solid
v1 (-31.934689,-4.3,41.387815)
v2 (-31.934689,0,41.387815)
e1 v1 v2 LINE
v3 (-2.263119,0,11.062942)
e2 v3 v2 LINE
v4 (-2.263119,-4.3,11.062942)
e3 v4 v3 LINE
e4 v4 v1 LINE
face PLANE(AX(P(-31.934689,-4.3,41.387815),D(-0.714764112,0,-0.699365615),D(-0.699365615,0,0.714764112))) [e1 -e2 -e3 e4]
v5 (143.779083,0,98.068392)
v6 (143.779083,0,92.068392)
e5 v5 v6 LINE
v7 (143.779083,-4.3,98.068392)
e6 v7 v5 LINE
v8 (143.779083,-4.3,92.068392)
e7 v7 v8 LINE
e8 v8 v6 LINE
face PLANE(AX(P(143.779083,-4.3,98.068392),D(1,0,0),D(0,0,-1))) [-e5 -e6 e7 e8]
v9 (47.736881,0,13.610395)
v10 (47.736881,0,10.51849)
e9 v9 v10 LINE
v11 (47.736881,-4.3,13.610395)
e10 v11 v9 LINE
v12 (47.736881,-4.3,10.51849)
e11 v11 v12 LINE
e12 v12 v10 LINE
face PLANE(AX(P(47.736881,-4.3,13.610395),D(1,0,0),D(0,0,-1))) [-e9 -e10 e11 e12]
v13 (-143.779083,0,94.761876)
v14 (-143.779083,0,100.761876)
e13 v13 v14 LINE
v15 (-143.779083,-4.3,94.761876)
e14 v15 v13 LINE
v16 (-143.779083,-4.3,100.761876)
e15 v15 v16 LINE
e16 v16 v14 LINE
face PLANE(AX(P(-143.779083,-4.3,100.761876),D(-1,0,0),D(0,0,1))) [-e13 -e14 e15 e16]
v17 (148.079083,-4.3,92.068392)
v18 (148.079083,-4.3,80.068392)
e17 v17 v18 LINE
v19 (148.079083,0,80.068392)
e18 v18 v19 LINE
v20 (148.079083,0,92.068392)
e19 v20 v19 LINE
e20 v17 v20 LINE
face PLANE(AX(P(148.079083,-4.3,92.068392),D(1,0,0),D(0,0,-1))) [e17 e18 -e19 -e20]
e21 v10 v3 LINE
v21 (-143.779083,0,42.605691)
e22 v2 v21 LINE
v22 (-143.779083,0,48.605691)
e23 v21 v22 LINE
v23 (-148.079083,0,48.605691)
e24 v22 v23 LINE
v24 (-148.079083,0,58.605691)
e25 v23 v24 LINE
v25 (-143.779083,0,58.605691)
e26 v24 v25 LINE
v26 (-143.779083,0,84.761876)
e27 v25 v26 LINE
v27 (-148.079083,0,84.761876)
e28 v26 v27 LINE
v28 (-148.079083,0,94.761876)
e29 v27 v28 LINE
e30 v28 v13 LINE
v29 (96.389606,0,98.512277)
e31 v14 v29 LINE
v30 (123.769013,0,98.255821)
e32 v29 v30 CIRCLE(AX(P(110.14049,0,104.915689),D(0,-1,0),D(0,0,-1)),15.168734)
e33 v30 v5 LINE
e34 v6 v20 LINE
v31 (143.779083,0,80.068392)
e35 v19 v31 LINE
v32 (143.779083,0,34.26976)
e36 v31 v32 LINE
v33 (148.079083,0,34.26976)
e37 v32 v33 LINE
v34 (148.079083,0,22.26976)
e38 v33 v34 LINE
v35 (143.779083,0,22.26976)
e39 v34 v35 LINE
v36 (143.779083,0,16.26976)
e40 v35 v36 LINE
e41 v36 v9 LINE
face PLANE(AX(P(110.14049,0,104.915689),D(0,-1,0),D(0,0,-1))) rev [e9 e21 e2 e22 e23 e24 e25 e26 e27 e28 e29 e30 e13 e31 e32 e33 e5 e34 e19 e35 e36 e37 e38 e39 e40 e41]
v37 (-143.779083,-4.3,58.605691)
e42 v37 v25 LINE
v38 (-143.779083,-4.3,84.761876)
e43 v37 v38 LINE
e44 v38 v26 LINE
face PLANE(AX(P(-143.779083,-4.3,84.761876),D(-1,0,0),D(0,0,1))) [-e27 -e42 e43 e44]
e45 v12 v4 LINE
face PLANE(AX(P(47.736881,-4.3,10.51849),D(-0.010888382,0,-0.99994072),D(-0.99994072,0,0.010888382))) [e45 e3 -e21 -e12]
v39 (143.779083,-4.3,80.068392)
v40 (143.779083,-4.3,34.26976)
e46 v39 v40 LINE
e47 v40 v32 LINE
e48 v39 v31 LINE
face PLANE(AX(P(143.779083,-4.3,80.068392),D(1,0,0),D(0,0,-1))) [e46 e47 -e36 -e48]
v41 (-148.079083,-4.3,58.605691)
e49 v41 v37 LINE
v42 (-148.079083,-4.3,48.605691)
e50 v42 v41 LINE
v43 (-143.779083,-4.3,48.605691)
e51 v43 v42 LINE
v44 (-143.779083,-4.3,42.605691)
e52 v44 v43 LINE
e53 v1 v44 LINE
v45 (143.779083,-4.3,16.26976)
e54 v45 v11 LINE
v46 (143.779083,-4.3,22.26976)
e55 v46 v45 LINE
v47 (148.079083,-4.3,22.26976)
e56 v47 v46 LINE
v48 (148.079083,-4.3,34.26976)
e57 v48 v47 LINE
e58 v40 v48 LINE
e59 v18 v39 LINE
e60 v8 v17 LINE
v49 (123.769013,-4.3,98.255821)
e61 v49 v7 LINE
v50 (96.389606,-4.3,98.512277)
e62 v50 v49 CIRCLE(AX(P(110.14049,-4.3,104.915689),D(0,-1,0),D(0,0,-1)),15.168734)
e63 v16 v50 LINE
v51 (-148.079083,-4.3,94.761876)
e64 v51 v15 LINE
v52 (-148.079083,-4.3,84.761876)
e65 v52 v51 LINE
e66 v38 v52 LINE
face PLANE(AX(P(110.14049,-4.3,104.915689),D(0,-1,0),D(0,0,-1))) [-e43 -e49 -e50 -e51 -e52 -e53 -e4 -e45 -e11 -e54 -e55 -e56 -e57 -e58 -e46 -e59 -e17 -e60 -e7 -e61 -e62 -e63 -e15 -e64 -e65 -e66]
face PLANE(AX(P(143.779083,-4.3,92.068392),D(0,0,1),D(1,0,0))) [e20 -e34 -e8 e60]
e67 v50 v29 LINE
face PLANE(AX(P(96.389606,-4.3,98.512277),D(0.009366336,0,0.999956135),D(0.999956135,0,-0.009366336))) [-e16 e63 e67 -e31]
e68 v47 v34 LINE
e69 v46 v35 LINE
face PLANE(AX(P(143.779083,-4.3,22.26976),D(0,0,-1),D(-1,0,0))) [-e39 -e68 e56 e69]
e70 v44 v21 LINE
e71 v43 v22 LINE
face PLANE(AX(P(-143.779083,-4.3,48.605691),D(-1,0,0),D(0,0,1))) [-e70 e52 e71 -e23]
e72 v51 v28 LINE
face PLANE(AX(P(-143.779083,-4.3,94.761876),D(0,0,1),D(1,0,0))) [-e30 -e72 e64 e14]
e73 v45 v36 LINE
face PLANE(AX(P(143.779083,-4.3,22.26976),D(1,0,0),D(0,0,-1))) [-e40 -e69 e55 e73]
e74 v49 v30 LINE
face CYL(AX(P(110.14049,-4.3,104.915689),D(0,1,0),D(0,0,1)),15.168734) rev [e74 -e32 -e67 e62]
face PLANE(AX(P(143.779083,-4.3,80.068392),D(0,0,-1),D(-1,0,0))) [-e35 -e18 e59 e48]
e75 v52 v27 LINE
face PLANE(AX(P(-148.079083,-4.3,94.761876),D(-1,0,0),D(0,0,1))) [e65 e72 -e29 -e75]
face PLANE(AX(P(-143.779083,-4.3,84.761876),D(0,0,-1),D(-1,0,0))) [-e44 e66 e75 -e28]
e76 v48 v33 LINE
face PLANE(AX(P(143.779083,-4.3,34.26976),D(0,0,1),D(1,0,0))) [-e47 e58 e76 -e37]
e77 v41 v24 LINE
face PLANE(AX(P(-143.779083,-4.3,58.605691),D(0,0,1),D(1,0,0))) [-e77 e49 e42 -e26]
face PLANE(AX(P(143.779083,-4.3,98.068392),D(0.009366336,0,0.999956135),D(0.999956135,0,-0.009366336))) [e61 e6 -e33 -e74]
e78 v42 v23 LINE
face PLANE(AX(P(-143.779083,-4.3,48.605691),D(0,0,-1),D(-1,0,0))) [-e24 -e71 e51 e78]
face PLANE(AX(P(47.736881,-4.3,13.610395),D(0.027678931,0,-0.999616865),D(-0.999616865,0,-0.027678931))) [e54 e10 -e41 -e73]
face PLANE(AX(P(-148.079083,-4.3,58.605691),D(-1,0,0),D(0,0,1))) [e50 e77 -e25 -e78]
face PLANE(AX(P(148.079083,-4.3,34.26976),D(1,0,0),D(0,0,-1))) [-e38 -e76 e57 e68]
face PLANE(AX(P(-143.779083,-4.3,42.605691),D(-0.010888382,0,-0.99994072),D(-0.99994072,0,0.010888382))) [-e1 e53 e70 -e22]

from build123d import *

# Parameters (mm, degrees)
BOSS_EXTRUDE1_DEPTH = 4.3


with BuildPart() as part:
    # Sketch4 → Boss-Extrude1 (new body)
    with BuildSketch(Plane(origin=(0, 0, 0), x_dir=(1, 0, 0), z_dir=(0, 1, 0))):
        with BuildLine():
            Line((47.736880922, -13.610395438), (47.736880922, -10.518490221))
            Line((47.736880922, -10.518490221), (-2.263119078, -11.062941575))
            Line((-2.263119078, -11.062941575), (-31.934689225, -41.387814618))
            Line((-31.934689225, -41.387814618), (-143.77908283, -42.60569125))
            Line((-143.77908283, -42.60569125), (-143.77908283, -48.60569125))
            Line((-143.77908283, -48.60569125), (-148.07908283, -48.60569125))
            Line((-148.07908283, -48.60569125), (-148.07908283, -58.60569125))
            Line((-148.07908283, -58.60569125), (-143.77908283, -58.60569125))
            Line((-143.77908283, -58.60569125), (-143.77908283, -84.761876256))
            Line((-143.77908283, -84.761876256), (-148.07908283, -84.761876256))
            Line((-148.07908283, -84.761876256), (-148.07908283, -94.761876256))
            Line((-148.07908283, -94.761876256), (-143.77908283, -94.761876256))
            Line((-143.77908283, -94.761876256), (-143.77908283, -100.761876256))
            Line((-143.77908283, -100.761876256), (96.389605884, -98.512277012))
            ThreePointArc((96.389605884, -98.512277012), (109.998414099, -89.747620618), (123.769012787, -98.255821046))
            Line((123.769012787, -98.255821046), (143.77908283, -98.068391791))
            Line((143.77908283, -98.068391791), (143.77908283, -92.068391791))
            Line((143.77908283, -92.068391791), (148.07908283, -92.068391791))
            Line((148.07908283, -92.068391791), (148.07908283, -80.068391791))
            Line((148.07908283, -80.068391791), (143.77908283, -80.068391791))
            Line((143.77908283, -80.068391791), (143.77908283, -34.269759798))
            Line((143.77908283, -34.269759798), (148.07908283, -34.269759798))
            Line((148.07908283, -34.269759798), (148.07908283, -22.269759798))
            Line((148.07908283, -22.269759798), (143.77908283, -22.269759798))
            Line((143.77908283, -22.269759798), (143.77908283, -16.269759798))
            Line((143.77908283, -16.269759798), (47.736880922, -13.610395438))
        make_face()
    extrude(amount=-BOSS_EXTRUDE1_DEPTH)


solid = part.part
